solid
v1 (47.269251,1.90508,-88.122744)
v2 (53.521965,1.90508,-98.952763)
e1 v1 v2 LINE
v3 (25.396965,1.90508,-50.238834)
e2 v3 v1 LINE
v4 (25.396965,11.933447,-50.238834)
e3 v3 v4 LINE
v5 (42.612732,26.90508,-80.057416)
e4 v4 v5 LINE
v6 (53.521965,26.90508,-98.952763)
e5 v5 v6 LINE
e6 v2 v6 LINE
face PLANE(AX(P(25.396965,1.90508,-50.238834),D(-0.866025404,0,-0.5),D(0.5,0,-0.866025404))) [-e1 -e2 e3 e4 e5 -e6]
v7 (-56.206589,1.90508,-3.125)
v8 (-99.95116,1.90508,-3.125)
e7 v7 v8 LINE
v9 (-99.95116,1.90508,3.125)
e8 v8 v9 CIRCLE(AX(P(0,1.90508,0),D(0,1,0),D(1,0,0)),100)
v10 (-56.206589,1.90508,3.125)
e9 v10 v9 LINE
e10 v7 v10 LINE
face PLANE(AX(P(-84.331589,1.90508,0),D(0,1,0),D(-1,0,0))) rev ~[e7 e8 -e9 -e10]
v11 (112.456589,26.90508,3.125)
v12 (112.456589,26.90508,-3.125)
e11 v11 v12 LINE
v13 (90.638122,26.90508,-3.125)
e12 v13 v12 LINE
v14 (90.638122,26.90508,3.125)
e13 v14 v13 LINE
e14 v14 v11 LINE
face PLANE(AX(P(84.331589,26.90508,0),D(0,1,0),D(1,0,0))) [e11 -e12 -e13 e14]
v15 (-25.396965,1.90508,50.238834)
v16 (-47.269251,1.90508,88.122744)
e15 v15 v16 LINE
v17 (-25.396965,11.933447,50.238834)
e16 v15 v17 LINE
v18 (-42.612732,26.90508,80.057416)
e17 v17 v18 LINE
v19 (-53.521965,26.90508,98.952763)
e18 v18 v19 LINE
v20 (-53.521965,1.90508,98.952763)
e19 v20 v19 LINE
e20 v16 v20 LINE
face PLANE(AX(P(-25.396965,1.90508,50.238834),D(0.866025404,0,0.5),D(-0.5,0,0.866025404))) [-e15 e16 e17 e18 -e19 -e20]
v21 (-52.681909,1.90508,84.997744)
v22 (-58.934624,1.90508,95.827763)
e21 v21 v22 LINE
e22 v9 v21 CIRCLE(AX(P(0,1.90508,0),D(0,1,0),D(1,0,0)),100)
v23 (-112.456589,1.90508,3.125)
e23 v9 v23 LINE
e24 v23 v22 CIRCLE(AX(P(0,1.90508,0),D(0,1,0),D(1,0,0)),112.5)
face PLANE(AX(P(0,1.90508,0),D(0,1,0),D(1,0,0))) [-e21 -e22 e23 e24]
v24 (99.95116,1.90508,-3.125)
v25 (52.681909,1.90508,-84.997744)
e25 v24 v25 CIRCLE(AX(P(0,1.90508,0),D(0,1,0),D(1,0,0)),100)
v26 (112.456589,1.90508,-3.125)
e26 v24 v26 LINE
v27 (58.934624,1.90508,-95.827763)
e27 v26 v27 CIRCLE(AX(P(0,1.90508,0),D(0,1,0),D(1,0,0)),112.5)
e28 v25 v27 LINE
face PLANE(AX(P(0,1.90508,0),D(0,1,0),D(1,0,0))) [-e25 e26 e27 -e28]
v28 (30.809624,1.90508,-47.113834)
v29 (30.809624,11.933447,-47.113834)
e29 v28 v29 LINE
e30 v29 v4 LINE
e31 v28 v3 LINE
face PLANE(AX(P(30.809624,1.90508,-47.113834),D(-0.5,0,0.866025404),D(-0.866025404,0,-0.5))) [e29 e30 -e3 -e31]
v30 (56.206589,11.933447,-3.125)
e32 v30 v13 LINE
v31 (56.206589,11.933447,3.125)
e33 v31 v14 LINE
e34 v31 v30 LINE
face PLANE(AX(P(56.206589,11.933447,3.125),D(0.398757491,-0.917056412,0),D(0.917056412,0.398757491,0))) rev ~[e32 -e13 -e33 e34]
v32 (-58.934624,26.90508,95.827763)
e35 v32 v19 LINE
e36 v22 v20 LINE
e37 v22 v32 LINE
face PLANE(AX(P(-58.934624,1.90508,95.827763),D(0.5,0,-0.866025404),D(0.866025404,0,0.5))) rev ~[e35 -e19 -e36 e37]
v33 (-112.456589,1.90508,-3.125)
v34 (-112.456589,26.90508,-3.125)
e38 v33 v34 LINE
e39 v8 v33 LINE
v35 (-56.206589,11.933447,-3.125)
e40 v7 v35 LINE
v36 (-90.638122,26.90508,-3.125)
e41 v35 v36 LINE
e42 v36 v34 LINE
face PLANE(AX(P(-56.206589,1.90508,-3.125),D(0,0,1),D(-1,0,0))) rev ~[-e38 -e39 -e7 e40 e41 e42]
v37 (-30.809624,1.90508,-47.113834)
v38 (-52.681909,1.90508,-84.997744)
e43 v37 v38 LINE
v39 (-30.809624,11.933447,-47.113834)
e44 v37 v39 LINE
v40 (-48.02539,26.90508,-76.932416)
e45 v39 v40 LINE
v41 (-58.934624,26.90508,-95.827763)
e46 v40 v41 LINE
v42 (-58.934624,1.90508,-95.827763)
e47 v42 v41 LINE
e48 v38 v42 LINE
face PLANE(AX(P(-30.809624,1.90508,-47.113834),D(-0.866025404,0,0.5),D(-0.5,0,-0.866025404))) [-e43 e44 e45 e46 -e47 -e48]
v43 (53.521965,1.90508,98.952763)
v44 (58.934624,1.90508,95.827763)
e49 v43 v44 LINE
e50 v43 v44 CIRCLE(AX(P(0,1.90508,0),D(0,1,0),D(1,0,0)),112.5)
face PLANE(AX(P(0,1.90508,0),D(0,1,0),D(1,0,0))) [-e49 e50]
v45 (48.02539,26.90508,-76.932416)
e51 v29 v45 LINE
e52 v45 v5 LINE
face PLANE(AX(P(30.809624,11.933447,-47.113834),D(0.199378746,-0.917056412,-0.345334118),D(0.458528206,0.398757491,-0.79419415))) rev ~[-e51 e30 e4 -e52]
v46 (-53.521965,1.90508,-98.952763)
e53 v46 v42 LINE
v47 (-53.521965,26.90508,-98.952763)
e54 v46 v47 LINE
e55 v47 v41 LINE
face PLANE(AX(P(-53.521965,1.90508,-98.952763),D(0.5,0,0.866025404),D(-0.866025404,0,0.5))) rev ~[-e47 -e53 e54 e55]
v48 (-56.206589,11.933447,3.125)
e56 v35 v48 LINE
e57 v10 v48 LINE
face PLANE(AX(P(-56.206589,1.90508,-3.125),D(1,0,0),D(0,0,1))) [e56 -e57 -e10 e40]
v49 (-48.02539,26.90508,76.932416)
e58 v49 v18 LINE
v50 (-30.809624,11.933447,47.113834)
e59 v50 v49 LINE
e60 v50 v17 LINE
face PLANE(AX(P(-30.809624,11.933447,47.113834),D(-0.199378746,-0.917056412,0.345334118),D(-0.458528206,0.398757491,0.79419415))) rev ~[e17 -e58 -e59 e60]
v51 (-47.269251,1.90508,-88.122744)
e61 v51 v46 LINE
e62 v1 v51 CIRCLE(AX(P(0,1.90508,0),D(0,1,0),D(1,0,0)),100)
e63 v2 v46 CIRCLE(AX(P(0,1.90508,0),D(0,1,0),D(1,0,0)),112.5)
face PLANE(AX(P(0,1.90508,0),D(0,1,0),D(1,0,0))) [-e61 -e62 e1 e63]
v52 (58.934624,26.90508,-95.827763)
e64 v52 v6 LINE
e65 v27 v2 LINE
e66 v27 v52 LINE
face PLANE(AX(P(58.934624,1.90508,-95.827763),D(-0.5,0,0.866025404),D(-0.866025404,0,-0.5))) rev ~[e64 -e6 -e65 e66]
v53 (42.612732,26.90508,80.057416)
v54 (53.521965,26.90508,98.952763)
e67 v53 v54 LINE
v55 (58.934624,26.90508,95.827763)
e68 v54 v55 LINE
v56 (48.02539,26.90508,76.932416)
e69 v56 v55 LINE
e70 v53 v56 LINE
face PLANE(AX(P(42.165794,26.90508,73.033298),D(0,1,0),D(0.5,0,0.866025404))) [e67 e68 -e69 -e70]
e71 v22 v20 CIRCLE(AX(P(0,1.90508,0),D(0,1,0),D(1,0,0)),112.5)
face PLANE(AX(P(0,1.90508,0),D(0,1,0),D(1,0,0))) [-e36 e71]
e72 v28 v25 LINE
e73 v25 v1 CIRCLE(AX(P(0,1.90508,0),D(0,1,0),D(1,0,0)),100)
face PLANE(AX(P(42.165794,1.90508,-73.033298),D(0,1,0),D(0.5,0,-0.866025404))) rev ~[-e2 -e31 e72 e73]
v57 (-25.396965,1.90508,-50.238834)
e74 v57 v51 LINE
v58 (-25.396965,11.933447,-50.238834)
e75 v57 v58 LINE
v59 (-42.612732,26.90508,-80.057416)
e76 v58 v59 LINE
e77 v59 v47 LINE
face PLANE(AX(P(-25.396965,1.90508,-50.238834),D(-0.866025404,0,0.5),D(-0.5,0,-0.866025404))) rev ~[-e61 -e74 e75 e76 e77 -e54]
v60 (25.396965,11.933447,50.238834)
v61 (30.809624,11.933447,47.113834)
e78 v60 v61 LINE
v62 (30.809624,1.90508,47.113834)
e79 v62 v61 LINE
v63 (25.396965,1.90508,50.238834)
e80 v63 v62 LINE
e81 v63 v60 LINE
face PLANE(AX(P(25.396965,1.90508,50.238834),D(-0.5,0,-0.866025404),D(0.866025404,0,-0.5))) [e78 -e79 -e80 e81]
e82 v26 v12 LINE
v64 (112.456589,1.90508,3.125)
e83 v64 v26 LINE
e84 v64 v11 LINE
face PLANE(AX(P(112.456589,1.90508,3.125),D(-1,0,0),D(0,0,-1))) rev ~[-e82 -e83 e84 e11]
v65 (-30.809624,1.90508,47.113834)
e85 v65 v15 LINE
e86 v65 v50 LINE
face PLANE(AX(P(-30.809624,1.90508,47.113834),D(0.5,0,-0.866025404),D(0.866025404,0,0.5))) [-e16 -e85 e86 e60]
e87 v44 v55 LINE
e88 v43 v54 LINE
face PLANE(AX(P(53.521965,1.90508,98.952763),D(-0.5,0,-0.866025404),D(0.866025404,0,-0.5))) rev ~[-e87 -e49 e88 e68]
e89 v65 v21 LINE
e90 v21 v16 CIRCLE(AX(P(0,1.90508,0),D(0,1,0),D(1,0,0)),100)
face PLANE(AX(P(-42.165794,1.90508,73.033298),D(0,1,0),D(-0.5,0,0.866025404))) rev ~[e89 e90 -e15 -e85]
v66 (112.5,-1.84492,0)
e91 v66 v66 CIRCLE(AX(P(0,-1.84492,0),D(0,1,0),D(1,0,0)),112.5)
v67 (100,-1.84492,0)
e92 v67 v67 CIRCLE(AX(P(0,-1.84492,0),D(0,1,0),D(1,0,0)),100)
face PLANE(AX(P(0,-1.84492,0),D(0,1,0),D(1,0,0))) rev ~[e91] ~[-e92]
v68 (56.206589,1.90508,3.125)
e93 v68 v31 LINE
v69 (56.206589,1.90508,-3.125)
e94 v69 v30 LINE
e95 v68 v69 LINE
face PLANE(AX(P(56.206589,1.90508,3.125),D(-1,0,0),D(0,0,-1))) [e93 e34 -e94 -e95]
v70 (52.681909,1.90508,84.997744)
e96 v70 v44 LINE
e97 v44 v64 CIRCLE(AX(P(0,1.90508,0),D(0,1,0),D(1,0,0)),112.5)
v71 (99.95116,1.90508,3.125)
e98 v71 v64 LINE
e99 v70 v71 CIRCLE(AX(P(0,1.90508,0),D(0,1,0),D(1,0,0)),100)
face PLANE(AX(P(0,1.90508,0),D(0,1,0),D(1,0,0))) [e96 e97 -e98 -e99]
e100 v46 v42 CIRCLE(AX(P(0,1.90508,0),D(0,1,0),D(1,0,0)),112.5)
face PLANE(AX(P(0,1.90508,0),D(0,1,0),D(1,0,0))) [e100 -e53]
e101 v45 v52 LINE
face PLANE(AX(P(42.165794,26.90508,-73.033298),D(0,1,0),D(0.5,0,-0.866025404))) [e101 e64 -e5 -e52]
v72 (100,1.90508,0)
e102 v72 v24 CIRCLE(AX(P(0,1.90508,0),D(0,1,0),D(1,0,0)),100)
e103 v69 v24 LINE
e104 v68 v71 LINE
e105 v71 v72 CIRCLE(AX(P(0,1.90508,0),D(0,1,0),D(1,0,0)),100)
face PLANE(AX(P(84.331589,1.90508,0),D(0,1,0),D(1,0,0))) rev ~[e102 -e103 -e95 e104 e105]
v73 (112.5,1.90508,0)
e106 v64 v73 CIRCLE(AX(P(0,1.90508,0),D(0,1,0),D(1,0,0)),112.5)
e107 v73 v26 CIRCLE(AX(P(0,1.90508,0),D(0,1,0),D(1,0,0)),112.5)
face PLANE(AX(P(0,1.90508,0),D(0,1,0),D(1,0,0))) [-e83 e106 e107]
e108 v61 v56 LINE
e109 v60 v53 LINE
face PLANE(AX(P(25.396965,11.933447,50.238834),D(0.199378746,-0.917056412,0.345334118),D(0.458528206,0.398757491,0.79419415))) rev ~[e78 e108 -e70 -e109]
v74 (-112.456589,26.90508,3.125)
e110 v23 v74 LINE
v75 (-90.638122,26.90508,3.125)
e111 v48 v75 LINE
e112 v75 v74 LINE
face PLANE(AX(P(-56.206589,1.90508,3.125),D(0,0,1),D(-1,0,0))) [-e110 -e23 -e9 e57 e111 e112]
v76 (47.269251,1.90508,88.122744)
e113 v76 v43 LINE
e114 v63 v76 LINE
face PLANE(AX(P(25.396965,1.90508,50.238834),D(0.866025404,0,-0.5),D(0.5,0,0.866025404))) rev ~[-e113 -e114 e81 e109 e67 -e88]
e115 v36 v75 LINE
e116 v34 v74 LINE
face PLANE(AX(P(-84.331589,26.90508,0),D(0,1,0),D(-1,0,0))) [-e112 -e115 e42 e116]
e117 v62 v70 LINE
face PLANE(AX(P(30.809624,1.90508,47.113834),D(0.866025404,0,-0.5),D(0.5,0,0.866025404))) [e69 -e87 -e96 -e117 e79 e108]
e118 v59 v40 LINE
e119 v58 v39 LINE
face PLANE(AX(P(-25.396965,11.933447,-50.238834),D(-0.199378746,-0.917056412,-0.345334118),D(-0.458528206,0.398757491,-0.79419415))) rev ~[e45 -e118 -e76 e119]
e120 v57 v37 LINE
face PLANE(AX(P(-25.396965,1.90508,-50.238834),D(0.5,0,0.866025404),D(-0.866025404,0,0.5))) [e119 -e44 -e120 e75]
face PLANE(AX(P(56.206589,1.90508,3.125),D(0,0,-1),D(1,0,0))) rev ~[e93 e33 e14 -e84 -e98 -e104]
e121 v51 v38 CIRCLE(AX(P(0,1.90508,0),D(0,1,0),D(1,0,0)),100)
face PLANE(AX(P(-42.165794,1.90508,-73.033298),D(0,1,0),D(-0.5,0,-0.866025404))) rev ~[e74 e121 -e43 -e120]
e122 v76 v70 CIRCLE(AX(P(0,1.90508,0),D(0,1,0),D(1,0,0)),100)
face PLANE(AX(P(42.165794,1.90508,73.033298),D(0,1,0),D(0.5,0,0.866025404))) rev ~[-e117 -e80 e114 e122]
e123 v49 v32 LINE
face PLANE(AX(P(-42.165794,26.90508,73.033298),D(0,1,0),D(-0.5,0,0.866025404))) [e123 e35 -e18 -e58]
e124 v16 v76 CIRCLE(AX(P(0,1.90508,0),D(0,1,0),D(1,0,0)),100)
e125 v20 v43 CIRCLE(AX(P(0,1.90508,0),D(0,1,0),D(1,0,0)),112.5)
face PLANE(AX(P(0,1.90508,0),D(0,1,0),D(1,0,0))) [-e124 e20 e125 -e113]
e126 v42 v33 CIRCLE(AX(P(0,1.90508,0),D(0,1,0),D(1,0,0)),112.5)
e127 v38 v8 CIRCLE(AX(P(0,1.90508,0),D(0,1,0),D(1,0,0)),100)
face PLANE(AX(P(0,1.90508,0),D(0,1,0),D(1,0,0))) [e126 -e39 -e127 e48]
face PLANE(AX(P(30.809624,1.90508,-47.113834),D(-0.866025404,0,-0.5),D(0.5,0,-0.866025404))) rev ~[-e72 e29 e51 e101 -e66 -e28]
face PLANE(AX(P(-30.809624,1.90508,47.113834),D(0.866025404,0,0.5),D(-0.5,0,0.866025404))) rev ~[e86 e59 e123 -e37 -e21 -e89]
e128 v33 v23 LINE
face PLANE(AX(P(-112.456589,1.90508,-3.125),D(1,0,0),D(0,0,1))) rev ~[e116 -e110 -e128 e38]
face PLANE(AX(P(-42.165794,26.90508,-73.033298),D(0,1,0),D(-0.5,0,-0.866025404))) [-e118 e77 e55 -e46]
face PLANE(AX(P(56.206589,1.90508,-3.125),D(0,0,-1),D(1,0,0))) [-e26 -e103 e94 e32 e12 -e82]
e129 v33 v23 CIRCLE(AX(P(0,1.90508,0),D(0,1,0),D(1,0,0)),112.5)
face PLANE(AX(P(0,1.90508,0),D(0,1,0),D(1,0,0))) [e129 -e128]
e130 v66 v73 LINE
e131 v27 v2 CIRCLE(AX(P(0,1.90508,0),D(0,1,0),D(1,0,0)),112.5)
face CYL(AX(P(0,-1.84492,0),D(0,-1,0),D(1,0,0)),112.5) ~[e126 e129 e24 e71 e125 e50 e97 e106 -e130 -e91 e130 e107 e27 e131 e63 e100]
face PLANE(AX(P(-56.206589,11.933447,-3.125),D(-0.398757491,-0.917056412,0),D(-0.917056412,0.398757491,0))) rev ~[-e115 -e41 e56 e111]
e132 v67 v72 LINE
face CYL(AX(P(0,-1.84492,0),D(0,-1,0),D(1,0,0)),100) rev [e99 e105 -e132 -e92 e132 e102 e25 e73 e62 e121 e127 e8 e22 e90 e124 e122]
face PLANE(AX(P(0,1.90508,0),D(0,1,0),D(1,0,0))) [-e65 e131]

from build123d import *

# Parameters (mm, degrees)
SKETCH1_R           = 90
SKETCH1_R_2         = 80
EXTRUDE_THIN1_DEPTH = 3
SKETCH2_W           = 45
SKETCH2_H           = 5
BOSS_EXTRUDE1_DEPTH = 20
CUT_EXTRUDE1_DEPTH  = 5
CIRPATTERN1_COUNT   = 6
SCALE1_SCALE        = 1.25


with BuildPart() as part:
    # Sketch1 → Extrude-Thin1 (new body)
    with BuildSketch(Plane(origin=(0, 0, 0), x_dir=(1, 0, 0), z_dir=(0, 1, 0))):
        Circle(SKETCH1_R)
        Circle(SKETCH1_R_2, mode=Mode.SUBTRACT)
    extrude(amount=EXTRUDE_THIN1_DEPTH)

    # Sketch2 → Boss-Extrude1 (add)
    with BuildSketch(Plane(origin=(0, 3, 0), x_dir=(1, 0, 0), z_dir=(0, 1, 0))):
        with Locations((67.465271077, 0)):
            Rectangle(SKETCH2_W, SKETCH2_H)
    boss_extrude1 = extrude(amount=BOSS_EXTRUDE1_DEPTH)

    # Sketch3 → Cut-Extrude1 (cut)
    with BuildSketch(Plane.XY.offset(2.5)):
        Polygon((44.965271077, 11.022693862), (72.510497513, 23), (44.965271077, 23), align=None)
    cut_extrude1 = extrude(amount=-CUT_EXTRUDE1_DEPTH, mode=Mode.SUBTRACT)

    # CirPattern1: Boss-Extrude1, Cut-Extrude1 ×6 about axis
    cirpattern1_axis = Axis((0, 0, 0), (0, 1, 0))
    for i in range(1, CIRPATTERN1_COUNT):
        add(boss_extrude1.rotate(cirpattern1_axis, i * 360 / CIRPATTERN1_COUNT))
        add(cut_extrude1.rotate(cirpattern1_axis, i * 360 / CIRPATTERN1_COUNT), mode=Mode.SUBTRACT)


with BuildPart() as part_1:
    # Scale1: scaled about (0, 7.379680738, 0)
    add(part.part.scale(SCALE1_SCALE).moved(Location((0, -1.844920185, 0))))


solid = part_1.part
